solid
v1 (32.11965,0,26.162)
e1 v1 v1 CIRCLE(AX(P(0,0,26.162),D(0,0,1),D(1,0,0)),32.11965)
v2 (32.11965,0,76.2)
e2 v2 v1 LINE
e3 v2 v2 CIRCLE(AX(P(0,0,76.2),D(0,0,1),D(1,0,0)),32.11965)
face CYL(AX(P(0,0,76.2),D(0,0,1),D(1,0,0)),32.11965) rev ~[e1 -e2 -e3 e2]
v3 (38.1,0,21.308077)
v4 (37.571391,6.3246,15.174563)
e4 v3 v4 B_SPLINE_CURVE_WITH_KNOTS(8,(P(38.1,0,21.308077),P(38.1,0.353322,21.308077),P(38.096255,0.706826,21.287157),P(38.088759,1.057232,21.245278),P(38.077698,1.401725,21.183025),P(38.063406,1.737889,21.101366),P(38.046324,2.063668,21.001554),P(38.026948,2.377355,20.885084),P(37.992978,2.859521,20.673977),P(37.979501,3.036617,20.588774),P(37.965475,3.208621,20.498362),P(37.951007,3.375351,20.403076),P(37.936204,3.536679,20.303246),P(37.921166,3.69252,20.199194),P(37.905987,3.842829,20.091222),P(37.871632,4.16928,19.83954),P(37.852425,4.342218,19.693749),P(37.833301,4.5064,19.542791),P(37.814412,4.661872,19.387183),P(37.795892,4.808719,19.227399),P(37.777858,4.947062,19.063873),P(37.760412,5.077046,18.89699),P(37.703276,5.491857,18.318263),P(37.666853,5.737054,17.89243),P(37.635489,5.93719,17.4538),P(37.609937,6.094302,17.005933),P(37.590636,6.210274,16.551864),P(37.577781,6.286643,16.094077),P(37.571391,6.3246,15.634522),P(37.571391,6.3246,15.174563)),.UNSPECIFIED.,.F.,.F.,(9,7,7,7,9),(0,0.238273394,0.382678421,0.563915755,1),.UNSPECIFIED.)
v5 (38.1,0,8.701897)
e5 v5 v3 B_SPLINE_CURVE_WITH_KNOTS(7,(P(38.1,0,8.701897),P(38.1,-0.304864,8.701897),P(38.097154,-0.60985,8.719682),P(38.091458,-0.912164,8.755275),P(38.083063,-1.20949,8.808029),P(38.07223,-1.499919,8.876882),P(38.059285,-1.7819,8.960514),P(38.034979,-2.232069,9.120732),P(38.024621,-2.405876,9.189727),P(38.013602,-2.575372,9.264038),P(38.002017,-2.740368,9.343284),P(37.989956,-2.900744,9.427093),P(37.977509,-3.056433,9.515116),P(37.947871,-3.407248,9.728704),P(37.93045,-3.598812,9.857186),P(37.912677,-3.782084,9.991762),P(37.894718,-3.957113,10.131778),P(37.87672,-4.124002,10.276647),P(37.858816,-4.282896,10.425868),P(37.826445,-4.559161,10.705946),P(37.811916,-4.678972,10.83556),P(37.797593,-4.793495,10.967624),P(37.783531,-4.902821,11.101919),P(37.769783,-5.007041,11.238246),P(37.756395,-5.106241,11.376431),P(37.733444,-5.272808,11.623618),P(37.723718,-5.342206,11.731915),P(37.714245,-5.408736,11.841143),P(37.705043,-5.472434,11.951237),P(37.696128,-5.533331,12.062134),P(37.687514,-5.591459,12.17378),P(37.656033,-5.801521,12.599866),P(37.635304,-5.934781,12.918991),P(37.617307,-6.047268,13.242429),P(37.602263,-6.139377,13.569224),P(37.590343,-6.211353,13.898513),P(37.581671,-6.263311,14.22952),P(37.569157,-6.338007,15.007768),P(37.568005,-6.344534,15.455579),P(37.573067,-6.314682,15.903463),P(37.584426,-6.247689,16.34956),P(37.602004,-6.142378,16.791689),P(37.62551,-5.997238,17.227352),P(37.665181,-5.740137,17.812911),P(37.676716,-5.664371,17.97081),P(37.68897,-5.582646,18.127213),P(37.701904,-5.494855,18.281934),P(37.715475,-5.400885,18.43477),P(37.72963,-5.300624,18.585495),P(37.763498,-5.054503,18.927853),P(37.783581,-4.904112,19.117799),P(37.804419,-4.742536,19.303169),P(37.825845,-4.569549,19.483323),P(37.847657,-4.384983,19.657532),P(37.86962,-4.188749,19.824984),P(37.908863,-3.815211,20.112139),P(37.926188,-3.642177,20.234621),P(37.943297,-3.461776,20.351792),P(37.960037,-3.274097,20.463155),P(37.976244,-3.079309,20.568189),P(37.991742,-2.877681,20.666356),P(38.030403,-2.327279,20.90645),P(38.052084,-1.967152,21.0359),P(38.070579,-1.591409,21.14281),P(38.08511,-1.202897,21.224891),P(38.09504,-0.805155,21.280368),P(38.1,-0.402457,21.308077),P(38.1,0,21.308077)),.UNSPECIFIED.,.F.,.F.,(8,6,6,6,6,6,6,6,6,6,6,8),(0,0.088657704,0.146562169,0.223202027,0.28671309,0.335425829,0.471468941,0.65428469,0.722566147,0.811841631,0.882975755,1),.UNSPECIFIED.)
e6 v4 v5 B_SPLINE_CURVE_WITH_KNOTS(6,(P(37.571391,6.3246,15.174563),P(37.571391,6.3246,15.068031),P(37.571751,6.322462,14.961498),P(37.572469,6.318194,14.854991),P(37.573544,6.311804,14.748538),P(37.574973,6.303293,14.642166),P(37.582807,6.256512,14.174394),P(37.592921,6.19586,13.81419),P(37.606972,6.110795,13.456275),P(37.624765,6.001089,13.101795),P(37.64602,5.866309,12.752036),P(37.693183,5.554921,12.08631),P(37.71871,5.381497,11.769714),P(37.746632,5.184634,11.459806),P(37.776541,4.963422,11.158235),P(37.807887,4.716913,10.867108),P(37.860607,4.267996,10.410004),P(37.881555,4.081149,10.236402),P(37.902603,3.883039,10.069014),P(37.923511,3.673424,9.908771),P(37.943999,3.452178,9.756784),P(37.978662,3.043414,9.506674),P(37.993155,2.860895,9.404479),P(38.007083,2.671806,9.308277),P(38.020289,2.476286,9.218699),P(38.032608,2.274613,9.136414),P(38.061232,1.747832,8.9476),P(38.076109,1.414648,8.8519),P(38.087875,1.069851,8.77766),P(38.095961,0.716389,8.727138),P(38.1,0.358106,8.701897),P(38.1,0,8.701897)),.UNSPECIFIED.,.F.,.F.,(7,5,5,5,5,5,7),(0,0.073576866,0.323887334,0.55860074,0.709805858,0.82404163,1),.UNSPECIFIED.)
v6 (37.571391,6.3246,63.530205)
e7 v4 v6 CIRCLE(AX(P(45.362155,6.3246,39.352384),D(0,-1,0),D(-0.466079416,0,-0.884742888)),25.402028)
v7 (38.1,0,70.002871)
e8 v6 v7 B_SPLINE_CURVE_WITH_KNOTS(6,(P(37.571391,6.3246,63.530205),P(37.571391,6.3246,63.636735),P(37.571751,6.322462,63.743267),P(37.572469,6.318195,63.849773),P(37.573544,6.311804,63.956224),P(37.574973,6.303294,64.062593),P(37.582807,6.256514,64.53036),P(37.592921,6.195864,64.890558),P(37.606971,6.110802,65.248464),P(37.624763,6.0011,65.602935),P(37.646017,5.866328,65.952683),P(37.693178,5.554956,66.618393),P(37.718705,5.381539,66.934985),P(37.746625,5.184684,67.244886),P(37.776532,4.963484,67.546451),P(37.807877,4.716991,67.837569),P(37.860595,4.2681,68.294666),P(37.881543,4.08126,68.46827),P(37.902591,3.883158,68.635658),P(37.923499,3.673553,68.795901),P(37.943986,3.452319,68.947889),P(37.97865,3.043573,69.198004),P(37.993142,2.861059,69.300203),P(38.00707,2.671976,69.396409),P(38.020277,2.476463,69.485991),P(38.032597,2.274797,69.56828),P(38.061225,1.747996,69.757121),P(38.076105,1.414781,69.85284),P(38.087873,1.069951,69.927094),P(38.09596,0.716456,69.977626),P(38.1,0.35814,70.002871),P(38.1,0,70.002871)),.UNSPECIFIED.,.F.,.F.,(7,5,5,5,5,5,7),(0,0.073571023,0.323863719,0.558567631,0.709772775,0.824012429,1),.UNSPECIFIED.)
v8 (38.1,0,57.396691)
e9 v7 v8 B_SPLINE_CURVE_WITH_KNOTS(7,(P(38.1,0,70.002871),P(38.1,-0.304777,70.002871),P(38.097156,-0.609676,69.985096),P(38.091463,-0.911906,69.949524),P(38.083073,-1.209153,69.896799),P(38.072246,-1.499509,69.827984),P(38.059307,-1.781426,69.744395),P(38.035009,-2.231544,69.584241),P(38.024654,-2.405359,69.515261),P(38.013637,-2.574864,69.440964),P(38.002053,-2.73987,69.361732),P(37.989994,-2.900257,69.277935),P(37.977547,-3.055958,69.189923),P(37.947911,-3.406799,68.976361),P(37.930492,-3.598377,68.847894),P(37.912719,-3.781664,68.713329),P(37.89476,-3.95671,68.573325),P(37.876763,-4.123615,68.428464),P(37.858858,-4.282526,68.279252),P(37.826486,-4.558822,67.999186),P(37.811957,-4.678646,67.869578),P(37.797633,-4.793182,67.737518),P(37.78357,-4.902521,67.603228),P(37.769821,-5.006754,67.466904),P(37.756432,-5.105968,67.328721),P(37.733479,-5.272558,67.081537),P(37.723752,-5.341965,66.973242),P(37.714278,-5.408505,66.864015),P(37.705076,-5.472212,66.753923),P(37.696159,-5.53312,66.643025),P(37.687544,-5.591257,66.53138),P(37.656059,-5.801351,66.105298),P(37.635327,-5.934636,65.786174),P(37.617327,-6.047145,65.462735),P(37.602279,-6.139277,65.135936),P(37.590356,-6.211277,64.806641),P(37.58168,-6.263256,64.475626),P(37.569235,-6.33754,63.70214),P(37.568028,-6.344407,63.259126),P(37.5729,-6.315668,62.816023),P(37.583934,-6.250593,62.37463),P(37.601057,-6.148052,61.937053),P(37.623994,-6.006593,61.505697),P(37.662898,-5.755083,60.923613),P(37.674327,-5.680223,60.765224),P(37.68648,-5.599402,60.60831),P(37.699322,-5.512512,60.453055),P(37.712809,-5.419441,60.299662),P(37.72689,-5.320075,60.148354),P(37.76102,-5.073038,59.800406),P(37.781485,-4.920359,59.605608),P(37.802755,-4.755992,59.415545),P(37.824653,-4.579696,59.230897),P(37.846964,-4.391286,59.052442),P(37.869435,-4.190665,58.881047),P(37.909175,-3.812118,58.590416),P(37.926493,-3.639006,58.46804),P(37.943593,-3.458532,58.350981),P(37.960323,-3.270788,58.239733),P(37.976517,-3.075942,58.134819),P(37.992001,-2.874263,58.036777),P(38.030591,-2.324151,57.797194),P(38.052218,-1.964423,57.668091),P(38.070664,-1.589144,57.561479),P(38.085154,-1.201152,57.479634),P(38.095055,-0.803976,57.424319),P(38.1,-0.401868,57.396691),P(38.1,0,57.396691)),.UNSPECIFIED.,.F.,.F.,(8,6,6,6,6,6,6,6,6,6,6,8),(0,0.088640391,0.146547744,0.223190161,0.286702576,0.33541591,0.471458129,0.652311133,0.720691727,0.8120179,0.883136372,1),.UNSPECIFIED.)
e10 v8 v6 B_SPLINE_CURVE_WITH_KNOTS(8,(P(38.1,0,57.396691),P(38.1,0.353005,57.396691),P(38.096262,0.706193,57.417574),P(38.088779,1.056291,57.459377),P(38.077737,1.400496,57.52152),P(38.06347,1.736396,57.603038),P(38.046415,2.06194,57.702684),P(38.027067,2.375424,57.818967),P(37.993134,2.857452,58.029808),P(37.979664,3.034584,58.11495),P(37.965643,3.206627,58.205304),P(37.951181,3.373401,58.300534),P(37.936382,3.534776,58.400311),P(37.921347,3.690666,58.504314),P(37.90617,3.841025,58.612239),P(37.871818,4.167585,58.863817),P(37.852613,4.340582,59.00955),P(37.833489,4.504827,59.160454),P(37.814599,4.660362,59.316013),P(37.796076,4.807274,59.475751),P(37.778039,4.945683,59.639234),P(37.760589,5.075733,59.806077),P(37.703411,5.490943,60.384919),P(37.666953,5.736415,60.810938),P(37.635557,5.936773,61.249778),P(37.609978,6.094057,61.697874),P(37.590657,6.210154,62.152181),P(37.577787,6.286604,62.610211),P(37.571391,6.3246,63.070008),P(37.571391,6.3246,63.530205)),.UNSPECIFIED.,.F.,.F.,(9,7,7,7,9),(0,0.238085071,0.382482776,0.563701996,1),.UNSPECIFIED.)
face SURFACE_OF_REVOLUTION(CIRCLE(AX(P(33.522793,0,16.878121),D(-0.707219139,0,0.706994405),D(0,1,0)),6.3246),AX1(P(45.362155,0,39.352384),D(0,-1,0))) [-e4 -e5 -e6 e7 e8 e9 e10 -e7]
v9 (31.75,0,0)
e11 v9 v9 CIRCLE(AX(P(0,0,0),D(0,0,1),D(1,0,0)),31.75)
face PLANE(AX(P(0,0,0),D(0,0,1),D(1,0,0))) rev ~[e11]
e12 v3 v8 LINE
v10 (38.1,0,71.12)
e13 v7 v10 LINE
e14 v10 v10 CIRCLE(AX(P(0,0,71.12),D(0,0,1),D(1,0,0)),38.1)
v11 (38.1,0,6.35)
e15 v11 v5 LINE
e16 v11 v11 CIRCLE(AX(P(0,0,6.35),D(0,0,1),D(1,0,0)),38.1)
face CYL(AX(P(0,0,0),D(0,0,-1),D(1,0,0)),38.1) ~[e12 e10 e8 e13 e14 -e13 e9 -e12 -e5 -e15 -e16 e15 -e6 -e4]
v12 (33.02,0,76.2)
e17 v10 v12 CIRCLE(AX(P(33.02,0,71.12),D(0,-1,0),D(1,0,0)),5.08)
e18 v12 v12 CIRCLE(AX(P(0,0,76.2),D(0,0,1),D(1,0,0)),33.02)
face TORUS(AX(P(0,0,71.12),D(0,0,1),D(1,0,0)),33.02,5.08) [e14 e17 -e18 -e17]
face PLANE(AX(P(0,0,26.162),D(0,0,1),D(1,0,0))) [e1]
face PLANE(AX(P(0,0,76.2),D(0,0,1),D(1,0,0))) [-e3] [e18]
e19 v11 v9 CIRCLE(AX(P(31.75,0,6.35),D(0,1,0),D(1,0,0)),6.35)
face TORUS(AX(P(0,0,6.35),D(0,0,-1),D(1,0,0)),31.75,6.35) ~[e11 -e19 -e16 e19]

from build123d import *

# Parameters (mm, degrees)
F0_R     = 38.1
F1_DEPTH = 76.2
F4_R     = 6.3246
F6_R     = 32.1196500774
F7_DEPTH = 50.038
F8_R     = 5.08
F9_R     = 6.35


with BuildPart() as f1:
    # F0 (on Top) → F1 (new body)
    with BuildSketch(Plane.XY):
        Circle(F0_R)
    extrude(amount=F1_DEPTH)

    # F5: sweep along a path in F2
    with BuildLine(Plane.XZ) as f5_path:
        ThreePointArc((33.5242934525, 16.8796218932), (70.7589105159, 39.7583444109), (32.8120825502, 61.4353114321))
    # F4 (on offset) → F5 (sweep)
    with BuildSketch(Plane.YZ.offset(37.846)):
        with Locations((0, 63.6169761419)):
            Circle(F4_R)
    sweep(path=f5_path.line)

    # F6 (on face) → F7 (cut)
    with BuildSketch(Plane.XY.offset(76.2)):
        Circle(F6_R)
    extrude(amount=-F7_DEPTH, mode=Mode.SUBTRACT)

    # F8
    f8_edges = [f1.edges().sort_by_distance(p)[0] for p in [
        (-38.1, 0, 76.2),
    ]]
    fillet(f8_edges, radius=F8_R)

    # F9
    f9_edges = [f1.edges().sort_by_distance(p)[0] for p in [
        (-38.1, 0, 0),
    ]]
    fillet(f9_edges, radius=F9_R)


solid = f1.part
